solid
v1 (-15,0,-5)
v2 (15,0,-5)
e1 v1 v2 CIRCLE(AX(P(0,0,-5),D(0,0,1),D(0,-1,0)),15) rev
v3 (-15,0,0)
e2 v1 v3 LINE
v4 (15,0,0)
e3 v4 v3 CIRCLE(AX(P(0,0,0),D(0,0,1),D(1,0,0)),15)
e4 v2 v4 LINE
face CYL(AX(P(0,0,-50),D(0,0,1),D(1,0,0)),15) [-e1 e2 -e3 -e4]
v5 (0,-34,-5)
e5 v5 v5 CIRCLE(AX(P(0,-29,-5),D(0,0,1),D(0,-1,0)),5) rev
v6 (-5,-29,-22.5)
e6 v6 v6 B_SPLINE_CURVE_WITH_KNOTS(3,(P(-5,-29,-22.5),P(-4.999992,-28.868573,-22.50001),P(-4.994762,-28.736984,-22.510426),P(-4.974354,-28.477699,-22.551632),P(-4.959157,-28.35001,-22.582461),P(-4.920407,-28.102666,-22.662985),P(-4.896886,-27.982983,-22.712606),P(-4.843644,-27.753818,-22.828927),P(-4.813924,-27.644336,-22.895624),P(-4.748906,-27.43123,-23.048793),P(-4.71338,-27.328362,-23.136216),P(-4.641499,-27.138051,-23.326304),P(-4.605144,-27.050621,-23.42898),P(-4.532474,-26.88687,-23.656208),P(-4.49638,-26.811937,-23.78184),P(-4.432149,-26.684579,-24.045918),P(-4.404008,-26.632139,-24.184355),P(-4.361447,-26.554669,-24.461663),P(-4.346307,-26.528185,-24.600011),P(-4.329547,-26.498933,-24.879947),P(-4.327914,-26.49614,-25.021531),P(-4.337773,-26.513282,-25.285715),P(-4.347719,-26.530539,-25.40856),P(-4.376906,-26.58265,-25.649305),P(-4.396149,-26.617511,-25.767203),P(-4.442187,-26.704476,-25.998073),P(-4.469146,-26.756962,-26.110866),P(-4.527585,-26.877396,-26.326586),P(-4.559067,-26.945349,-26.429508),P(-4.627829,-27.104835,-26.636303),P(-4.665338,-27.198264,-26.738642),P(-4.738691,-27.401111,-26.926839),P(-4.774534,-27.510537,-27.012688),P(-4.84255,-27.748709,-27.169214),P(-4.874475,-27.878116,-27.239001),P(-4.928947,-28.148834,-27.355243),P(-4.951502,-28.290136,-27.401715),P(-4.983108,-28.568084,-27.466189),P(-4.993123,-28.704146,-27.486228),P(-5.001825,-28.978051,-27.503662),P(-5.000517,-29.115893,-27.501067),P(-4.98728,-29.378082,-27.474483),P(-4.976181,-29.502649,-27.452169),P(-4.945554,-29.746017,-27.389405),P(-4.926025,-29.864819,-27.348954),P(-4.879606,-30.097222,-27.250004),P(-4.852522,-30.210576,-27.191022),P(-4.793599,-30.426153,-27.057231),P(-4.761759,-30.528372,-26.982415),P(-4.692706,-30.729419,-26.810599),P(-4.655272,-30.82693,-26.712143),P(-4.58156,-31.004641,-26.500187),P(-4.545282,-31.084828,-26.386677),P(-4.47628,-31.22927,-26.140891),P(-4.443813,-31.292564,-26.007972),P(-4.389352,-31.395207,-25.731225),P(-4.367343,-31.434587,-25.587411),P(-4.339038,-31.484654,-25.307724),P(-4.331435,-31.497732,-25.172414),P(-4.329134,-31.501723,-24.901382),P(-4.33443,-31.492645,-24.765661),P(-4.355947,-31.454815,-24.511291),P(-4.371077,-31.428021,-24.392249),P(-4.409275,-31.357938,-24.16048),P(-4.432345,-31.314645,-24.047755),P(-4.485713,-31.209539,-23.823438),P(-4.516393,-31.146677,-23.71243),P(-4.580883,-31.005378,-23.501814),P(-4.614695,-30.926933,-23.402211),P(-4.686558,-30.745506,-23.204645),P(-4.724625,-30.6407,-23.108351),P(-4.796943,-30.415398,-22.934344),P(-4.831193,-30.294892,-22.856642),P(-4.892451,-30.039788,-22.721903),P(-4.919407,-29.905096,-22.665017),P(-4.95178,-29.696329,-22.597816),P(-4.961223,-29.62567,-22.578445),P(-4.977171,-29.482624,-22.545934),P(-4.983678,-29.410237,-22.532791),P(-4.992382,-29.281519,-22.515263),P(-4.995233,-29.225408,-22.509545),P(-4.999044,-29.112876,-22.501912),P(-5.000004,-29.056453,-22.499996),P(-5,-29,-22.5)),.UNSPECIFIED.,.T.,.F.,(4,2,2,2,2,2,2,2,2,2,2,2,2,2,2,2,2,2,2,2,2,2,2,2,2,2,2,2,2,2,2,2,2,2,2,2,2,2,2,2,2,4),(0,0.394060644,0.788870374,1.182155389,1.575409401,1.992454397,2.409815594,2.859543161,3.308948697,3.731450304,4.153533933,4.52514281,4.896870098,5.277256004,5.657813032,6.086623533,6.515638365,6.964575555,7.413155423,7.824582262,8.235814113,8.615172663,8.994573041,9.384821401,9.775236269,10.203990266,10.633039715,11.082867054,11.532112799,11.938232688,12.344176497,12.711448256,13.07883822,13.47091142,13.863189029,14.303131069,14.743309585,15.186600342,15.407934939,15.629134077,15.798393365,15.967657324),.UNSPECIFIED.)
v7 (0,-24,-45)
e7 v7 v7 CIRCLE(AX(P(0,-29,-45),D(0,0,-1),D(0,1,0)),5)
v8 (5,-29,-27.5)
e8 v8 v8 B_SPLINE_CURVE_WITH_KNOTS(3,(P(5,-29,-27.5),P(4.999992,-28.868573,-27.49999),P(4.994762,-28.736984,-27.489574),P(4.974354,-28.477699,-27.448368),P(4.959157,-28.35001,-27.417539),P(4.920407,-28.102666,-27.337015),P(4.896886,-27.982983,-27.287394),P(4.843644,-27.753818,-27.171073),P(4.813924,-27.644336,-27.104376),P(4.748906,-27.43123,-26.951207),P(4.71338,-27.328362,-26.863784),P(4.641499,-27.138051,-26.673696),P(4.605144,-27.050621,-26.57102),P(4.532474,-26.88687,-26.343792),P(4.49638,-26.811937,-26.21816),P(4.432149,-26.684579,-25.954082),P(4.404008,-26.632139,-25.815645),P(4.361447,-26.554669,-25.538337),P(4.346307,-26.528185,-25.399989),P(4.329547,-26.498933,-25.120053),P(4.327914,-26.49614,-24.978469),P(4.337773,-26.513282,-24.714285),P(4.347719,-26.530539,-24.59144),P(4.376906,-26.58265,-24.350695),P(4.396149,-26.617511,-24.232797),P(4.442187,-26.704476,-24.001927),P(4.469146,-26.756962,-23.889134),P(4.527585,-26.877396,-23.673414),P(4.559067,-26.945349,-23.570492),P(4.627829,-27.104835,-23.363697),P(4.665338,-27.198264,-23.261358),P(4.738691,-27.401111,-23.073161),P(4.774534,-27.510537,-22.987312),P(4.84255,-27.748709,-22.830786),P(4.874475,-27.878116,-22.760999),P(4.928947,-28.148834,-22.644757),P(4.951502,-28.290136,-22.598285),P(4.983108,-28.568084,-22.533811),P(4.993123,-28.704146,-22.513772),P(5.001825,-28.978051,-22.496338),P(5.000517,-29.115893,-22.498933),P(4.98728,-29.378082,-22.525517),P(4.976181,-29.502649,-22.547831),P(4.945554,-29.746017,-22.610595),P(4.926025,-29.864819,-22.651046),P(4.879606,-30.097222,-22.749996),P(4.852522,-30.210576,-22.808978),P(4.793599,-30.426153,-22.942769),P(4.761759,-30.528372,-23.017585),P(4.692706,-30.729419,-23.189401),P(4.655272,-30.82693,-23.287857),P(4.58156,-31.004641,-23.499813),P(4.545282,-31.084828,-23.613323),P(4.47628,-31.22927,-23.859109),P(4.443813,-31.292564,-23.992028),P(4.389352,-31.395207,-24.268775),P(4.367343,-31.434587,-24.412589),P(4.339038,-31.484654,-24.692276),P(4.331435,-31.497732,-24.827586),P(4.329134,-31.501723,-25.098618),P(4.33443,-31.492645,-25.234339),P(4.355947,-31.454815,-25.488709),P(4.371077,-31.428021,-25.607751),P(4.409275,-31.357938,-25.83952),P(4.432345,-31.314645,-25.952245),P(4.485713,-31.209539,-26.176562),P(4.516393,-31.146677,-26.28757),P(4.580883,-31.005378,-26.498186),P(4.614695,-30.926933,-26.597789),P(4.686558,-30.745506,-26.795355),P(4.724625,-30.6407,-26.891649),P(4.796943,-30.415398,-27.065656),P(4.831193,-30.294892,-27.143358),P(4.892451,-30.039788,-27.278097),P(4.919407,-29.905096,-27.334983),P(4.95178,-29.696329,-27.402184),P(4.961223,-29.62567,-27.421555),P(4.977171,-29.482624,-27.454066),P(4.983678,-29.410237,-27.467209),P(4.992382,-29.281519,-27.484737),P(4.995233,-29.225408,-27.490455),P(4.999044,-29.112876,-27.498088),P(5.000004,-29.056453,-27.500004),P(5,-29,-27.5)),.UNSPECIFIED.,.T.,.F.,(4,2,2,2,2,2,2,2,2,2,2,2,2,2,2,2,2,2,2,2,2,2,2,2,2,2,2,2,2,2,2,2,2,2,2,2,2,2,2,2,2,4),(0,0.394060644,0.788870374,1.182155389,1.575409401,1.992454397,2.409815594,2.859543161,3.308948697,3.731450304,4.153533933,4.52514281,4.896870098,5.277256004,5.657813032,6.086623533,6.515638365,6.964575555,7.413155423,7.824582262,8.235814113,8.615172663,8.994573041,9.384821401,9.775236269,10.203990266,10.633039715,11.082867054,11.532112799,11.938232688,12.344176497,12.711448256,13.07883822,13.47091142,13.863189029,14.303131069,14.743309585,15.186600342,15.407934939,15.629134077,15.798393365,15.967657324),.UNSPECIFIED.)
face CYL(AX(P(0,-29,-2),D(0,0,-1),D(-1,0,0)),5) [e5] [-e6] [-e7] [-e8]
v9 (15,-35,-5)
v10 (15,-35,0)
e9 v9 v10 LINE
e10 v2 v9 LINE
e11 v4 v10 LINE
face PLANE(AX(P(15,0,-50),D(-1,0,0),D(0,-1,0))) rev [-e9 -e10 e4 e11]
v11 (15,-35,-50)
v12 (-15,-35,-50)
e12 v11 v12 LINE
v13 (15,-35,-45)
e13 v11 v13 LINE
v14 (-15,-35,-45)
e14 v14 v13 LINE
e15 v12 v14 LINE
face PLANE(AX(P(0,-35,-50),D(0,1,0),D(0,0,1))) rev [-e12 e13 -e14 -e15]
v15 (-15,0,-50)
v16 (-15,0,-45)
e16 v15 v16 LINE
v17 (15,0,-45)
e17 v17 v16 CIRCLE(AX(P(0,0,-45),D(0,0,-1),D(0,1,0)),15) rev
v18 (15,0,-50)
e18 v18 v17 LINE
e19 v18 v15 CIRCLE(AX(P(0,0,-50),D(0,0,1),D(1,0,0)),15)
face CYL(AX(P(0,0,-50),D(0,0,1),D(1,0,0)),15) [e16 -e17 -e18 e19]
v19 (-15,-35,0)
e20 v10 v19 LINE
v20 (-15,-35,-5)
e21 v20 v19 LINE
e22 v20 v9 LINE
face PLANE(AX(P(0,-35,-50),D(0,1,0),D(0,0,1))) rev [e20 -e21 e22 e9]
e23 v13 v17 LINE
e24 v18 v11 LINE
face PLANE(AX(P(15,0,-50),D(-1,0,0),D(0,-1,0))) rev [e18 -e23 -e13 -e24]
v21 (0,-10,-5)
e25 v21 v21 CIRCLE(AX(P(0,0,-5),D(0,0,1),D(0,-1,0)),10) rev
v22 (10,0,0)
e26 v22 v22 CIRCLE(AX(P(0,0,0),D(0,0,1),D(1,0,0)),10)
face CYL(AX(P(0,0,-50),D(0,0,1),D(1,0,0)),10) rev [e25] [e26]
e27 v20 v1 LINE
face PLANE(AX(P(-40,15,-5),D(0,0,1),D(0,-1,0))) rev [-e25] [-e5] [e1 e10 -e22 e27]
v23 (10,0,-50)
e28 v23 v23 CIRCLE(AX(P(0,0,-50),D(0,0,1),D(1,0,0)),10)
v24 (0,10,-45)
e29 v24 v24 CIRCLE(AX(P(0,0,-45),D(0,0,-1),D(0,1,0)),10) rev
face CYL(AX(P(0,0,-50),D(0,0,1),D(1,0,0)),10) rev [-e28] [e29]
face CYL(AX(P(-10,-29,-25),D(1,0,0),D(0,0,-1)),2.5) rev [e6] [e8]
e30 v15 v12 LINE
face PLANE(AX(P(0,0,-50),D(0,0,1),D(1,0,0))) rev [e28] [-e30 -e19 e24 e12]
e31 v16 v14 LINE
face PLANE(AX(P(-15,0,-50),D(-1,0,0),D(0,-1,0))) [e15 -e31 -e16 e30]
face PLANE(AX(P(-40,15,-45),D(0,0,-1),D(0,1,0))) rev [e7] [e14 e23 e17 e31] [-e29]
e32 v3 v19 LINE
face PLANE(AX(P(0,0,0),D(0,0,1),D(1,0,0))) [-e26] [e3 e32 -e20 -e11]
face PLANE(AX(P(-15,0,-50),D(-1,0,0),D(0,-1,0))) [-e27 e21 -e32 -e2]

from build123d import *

# Parameters (mm, degrees)
SKETCH2_R           = 10
BOSS_EXTRUDE1_DEPTH = 50
SKETCH3_W           = 40
SKETCH3_H           = 50
CUT_EXTRUDE1_DEPTH  = 55
SKETCH4_R           = 5
BOSS_EXTRUDE2_DEPTH = 48
SKETCH5_R           = 2.5
CUT_EXTRUDE2_DEPTH  = 10


with BuildPart() as part:
    # Sketch2 → Boss-Extrude1 (new body)
    with BuildSketch(Plane.XY):
        with BuildLine():
            Line((15, 0), (15, -35))
            Line((15, -35), (-15, -35))
            Line((-15, -35), (-15, 0))
            ThreePointArc((-15, 0), (0, 15), (15, 0))
        make_face()
        Circle(SKETCH2_R, mode=Mode.SUBTRACT)
    extrude(amount=-BOSS_EXTRUDE1_DEPTH)

    # Sketch3 → Cut-Extrude1 (cut)
    with BuildSketch(Plane(origin=(15, 0, 0), x_dir=(0, 0, -1), z_dir=(1, 0, 0))):
        with Locations((25, -10)):
            Rectangle(SKETCH3_W, SKETCH3_H)
    extrude(amount=-CUT_EXTRUDE1_DEPTH, mode=Mode.SUBTRACT)


with BuildPart() as cut_extrude1_piece_1:
    # of the separate pieces the step leaves, piece 1, a body of its own (cut_extrude1_pieces)
    add(part.part.solids().sort_by_distance((15, 0, 0))[0])



with BuildPart() as cut_extrude1_piece_2:
    # of the separate pieces the step leaves, piece 2, a body of its own (cut_extrude1_pieces)
    add(part.part.solids().sort_by_distance((15, 0, -45))[0])


with BuildPart() as cut_extrude1_piece_1_1:
    add(cut_extrude1_piece_1.part)

    add(cut_extrude1_piece_2.part)  # Boss-Extrude2 merges Cut-Extrude1 piece 2
    # Sketch4 → Boss-Extrude2 (add)
    with BuildSketch(Plane(origin=(0, 0, -50), x_dir=(-1, 0, 0), z_dir=(0, 0, -1))):
        with Locations((0, -29)):
            Circle(SKETCH4_R)
    extrude(amount=-BOSS_EXTRUDE2_DEPTH)

    # Sketch5 → Cut-Extrude2 (cut, symmetric)
    with BuildSketch(Plane(origin=(0, 0, 0), x_dir=(0, 0, -1), z_dir=(1, 0, 0))):
        with Locations((25, -29)):
            Circle(SKETCH5_R)
    extrude(amount=CUT_EXTRUDE2_DEPTH, both=True, mode=Mode.SUBTRACT)


solid = cut_extrude1_piece_1_1.part
